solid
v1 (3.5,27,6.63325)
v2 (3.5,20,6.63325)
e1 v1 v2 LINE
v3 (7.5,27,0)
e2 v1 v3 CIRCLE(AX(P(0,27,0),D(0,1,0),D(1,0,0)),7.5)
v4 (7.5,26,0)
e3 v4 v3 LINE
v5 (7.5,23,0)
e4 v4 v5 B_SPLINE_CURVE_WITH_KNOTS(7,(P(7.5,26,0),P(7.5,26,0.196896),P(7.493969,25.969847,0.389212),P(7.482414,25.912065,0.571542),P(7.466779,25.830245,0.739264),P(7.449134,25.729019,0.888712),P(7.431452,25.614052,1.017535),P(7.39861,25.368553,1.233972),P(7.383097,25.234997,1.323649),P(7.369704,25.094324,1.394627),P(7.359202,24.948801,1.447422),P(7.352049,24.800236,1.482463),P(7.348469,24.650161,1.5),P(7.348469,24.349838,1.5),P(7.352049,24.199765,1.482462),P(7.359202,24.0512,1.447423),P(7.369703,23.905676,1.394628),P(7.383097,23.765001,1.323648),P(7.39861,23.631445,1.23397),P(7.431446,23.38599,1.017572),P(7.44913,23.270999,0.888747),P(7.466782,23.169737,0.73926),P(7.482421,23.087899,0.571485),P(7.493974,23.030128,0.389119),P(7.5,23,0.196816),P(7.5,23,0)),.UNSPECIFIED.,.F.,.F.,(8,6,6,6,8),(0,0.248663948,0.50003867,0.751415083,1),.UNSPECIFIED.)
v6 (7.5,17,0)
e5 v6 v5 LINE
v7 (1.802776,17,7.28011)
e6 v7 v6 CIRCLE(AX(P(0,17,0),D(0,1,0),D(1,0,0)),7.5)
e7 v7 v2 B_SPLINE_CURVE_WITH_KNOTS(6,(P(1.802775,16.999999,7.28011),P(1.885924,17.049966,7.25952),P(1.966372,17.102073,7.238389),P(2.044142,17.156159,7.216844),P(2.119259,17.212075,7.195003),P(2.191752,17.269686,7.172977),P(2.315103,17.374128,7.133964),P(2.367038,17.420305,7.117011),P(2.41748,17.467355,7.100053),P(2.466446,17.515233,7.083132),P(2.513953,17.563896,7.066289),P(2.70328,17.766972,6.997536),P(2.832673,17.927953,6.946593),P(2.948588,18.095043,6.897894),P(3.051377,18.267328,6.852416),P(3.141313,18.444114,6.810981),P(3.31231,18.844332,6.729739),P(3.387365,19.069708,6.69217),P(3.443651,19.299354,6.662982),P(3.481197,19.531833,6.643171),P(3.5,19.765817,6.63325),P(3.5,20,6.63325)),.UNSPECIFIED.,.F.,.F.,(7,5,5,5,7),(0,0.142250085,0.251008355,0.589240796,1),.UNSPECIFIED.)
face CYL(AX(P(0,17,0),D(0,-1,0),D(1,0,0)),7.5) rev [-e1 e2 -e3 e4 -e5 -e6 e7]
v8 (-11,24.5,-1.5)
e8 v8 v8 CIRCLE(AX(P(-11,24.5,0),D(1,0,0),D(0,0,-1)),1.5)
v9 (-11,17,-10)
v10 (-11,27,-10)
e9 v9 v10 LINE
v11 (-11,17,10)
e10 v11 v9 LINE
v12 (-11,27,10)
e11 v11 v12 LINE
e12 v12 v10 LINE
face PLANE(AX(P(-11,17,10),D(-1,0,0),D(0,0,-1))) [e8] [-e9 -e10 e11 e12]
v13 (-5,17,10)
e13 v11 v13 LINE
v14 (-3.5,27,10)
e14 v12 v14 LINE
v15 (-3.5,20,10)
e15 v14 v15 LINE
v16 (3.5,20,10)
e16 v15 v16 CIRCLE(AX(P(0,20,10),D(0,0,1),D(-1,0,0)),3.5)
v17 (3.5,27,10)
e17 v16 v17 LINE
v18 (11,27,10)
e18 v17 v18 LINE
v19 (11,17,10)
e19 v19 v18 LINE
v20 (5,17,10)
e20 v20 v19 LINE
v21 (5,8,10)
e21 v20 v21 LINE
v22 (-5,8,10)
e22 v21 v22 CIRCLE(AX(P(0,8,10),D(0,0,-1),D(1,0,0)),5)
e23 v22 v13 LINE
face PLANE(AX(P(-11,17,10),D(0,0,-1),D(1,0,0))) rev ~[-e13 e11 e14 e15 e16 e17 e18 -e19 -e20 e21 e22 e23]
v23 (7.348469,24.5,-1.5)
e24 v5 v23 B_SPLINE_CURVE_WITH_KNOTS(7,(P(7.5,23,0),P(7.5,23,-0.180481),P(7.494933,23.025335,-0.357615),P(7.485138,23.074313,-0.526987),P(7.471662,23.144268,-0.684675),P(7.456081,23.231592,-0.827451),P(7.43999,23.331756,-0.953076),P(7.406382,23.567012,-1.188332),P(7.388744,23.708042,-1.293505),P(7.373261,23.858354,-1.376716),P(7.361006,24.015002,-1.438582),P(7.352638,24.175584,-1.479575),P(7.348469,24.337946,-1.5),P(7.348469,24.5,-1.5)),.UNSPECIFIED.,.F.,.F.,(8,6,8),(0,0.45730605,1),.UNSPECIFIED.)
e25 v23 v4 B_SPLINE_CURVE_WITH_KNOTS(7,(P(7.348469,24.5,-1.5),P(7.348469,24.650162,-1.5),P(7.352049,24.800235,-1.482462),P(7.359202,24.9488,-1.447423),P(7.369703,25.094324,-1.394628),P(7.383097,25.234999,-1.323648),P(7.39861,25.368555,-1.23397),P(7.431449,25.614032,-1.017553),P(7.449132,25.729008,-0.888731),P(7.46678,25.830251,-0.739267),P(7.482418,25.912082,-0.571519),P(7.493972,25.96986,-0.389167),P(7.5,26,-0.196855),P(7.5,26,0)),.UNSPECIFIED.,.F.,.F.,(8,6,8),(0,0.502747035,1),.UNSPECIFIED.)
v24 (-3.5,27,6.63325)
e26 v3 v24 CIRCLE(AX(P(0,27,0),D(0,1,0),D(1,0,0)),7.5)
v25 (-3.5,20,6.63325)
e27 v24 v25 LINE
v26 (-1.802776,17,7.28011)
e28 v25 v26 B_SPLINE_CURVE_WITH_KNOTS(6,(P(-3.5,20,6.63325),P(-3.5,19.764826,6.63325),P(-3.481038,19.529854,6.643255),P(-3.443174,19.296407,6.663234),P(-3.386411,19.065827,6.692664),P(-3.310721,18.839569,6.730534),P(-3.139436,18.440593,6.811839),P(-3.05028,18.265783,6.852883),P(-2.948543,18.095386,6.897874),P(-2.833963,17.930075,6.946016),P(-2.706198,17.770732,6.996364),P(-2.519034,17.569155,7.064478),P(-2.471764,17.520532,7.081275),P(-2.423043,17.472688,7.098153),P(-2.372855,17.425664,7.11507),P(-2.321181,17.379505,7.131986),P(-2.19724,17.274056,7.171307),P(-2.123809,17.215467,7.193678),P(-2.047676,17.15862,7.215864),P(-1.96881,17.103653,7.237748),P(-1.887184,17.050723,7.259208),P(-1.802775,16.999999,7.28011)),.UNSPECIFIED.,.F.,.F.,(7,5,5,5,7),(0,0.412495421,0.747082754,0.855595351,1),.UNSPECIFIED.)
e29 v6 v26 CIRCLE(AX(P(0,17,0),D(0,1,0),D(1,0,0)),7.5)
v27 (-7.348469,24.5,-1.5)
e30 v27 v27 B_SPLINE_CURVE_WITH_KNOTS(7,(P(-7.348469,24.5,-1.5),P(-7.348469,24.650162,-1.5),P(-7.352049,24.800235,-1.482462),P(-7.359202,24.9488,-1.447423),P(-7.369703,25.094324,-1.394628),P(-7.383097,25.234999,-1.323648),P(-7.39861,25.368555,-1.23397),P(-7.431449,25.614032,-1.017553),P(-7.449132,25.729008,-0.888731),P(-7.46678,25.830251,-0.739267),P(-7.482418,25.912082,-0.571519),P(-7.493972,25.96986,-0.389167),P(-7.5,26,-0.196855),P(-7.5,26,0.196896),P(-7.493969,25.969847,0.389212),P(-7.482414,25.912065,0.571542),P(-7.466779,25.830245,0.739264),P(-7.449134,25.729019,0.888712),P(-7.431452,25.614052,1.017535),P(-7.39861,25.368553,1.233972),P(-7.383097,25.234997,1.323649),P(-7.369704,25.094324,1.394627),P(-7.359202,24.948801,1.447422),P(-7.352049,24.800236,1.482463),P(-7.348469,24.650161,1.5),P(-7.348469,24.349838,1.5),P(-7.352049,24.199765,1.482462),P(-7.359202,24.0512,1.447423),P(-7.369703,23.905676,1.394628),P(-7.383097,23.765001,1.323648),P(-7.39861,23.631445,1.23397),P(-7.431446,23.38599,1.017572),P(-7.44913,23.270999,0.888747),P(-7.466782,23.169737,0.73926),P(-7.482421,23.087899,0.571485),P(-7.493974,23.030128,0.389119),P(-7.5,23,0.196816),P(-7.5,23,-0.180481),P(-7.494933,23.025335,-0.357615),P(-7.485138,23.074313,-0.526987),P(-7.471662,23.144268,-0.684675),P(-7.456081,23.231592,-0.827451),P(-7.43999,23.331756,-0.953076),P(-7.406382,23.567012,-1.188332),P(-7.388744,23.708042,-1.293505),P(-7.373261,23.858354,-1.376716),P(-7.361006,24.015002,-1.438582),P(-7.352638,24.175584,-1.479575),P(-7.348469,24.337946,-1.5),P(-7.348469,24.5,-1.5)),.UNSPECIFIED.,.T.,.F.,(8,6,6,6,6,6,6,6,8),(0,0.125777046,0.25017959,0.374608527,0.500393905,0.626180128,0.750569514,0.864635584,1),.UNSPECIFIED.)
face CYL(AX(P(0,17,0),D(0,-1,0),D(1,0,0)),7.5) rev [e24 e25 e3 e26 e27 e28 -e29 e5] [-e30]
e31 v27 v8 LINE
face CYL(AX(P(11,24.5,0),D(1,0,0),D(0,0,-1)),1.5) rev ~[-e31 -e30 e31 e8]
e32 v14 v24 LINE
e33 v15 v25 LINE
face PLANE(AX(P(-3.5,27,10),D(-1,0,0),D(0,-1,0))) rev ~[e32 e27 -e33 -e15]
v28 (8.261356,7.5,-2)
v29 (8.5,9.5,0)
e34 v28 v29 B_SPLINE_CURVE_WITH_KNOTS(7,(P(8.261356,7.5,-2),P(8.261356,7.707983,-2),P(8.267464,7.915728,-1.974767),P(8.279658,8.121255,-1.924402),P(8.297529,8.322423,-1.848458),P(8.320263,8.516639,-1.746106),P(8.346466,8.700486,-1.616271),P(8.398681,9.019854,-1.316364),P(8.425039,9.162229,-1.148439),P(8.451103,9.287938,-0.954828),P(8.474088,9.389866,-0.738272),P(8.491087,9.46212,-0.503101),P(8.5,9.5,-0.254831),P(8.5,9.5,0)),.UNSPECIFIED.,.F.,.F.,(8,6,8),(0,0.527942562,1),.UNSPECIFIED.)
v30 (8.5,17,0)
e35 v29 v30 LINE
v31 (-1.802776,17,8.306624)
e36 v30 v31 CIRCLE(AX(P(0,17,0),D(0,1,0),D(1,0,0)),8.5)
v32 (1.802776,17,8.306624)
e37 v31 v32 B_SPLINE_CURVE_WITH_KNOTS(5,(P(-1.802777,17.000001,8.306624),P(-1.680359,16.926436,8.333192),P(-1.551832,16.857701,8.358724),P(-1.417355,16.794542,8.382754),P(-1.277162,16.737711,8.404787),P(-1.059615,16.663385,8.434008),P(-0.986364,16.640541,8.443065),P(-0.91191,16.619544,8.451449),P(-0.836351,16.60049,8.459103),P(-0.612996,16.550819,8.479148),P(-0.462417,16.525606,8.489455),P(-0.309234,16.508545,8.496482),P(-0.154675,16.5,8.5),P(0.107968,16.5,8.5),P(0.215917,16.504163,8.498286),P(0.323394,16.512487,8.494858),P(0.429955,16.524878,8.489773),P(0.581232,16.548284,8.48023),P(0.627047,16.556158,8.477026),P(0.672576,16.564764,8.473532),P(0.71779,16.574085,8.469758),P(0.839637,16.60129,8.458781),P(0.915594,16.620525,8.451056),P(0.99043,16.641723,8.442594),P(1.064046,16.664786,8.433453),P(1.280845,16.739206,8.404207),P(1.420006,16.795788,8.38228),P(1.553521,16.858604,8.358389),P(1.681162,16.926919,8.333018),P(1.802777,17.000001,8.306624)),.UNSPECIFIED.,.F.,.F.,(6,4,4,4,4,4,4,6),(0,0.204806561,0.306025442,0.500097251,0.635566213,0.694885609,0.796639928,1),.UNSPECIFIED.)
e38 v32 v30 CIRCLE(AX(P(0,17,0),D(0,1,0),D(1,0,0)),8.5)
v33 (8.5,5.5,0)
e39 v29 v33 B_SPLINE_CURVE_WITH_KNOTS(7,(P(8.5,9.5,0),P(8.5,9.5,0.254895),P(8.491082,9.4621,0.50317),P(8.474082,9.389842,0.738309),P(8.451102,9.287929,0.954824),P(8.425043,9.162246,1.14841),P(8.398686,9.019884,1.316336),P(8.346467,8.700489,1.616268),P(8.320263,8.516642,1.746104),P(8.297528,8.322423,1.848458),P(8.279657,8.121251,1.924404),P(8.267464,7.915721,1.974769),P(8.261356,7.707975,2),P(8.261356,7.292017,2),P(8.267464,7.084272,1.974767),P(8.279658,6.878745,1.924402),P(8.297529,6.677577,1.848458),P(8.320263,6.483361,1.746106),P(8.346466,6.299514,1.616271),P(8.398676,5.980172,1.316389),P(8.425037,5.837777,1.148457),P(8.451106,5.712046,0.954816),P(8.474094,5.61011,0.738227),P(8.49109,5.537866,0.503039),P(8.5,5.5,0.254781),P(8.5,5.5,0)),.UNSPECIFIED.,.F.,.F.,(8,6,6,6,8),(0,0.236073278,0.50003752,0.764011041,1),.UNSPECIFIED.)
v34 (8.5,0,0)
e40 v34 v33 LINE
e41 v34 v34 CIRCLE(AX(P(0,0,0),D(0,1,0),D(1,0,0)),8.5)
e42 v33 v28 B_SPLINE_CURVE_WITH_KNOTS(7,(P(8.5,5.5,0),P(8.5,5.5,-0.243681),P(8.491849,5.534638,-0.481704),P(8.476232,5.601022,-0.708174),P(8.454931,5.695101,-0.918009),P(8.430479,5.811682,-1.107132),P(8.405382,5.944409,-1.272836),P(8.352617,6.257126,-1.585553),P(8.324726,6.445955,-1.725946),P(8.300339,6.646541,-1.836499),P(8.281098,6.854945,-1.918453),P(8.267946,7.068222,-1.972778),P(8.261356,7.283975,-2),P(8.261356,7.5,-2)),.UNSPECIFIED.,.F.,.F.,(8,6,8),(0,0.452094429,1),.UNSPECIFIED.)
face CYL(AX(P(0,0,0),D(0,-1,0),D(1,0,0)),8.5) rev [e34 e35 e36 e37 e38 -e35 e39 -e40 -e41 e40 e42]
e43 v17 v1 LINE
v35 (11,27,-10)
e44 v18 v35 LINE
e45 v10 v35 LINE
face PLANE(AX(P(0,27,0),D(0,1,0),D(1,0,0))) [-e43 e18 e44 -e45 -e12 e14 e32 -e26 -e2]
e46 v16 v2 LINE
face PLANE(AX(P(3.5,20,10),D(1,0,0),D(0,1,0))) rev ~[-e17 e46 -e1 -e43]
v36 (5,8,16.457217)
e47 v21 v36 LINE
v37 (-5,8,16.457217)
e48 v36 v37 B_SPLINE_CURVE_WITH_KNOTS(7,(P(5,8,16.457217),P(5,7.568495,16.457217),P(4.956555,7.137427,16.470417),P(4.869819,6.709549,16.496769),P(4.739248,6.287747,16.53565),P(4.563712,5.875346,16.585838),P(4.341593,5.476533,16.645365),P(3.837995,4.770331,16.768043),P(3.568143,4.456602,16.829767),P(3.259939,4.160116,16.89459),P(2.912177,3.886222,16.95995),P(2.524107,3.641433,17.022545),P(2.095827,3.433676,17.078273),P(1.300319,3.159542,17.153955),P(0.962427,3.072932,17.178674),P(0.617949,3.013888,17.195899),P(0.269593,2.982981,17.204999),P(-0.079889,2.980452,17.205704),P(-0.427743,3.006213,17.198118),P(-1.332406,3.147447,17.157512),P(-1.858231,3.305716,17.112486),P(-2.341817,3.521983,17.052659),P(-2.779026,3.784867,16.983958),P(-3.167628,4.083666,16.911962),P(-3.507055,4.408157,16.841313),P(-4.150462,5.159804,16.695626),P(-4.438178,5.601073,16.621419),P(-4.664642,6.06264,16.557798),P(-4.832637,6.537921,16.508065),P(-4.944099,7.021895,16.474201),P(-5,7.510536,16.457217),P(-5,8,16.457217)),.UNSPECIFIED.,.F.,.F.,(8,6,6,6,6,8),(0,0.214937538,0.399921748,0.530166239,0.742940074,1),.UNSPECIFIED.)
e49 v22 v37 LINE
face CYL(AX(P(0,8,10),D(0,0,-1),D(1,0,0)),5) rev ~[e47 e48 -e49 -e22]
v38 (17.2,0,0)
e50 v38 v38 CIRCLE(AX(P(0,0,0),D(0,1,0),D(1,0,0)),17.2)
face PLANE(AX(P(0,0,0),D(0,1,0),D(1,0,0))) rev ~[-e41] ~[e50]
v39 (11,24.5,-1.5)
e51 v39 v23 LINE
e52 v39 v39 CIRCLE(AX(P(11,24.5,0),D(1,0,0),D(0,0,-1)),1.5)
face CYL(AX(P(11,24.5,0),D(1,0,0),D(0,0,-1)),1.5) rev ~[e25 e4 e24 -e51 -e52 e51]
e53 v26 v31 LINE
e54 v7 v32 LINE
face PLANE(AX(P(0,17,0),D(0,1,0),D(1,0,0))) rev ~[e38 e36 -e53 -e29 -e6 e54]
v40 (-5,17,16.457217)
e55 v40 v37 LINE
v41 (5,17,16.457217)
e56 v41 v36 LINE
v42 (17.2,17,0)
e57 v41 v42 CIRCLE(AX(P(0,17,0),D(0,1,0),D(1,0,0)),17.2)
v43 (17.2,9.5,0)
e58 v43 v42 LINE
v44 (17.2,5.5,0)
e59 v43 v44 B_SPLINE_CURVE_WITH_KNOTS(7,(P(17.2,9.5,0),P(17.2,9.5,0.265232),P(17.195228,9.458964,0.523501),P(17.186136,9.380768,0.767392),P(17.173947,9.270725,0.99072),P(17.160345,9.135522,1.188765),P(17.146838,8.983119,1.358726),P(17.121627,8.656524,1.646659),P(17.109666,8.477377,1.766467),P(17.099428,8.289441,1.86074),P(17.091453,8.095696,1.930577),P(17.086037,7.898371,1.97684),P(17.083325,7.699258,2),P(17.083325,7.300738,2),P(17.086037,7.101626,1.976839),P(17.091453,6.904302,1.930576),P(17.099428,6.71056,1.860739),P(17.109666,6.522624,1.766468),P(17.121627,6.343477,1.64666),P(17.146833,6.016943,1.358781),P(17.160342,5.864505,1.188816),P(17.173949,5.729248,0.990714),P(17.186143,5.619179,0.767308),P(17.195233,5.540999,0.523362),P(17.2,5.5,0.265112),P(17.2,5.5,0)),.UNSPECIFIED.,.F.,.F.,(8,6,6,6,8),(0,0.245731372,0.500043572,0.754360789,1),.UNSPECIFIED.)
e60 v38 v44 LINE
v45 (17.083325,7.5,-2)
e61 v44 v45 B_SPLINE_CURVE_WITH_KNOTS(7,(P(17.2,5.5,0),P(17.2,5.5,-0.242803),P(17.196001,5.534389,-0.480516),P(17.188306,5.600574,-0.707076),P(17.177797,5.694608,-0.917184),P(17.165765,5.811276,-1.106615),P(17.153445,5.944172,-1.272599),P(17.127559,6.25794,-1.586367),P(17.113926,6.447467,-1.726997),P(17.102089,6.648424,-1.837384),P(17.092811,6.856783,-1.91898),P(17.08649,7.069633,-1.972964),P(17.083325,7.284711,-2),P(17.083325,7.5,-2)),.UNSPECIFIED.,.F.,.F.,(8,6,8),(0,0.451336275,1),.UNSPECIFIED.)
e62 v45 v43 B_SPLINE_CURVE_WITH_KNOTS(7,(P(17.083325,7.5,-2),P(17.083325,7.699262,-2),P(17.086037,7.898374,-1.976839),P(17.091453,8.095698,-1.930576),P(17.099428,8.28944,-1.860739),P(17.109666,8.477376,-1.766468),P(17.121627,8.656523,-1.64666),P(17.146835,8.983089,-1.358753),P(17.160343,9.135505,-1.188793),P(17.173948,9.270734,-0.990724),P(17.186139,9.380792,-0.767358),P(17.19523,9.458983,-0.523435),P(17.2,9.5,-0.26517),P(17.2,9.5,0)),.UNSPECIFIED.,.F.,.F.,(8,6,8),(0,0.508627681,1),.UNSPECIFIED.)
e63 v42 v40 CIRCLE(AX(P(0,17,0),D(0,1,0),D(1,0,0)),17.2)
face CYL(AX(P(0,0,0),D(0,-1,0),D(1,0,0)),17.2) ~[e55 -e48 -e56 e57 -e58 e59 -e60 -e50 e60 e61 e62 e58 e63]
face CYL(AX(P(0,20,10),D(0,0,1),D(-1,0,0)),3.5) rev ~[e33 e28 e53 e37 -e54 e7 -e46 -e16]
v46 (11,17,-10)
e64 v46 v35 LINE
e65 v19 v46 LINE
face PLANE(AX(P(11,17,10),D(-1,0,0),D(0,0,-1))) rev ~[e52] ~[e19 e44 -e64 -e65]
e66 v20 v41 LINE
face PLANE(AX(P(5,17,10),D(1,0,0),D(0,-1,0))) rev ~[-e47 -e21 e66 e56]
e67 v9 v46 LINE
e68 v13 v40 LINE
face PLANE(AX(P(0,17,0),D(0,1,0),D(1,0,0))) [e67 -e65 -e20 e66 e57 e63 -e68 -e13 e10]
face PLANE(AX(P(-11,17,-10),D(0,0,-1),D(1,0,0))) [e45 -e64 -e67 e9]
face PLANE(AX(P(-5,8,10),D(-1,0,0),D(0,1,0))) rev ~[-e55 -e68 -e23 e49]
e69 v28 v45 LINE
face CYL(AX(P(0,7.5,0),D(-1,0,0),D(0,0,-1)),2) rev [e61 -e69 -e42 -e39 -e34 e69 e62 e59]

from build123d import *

# Parameters (mm, degrees)
SKETCH1_R           = 17.2
SKETCH1_R_2         = 8.5
BOSS_EXTRUDE1_DEPTH = 17
SKETCH2_W           = 22
SKETCH2_H           = 20
SKETCH2_R           = 7.5
BOSS_EXTRUDE2_DEPTH = 10
SKETCH3_R           = 1.5
CUT_EXTRUDE1_DEPTH  = 22
SKETCH4_R           = 2
CUT_EXTRUDE2_DEPTH  = 20
CUT_EXTRUDE3_DEPTH  = 20
CUT_EXTRUDE4_DEPTH  = 5


with BuildPart() as part:
    # Sketch1 → Boss-Extrude1 (new body)
    with BuildSketch(Plane(origin=(0, 0, 0), x_dir=(1, 0, 0), z_dir=(0, 1, 0))):
        Circle(SKETCH1_R)
        Circle(SKETCH1_R_2, mode=Mode.SUBTRACT)
    extrude(amount=BOSS_EXTRUDE1_DEPTH)

    # Sketch2 → Boss-Extrude2 (add)
    with BuildSketch(Plane(origin=(0, 17, 0), x_dir=(1, 0, 0), z_dir=(0, 1, 0))):
        Rectangle(SKETCH2_W, SKETCH2_H)
        Circle(SKETCH2_R, mode=Mode.SUBTRACT)
    extrude(amount=BOSS_EXTRUDE2_DEPTH)

    # Sketch3 → Cut-Extrude1 (cut)
    with BuildSketch(Plane(origin=(11, 0, 0), x_dir=(0, 0, -1), z_dir=(1, 0, 0))):
        with Locations((0, 24.5)):
            Circle(SKETCH3_R)
    extrude(amount=-CUT_EXTRUDE1_DEPTH, mode=Mode.SUBTRACT)

    # Sketch4 → Cut-Extrude2 (cut)
    with BuildSketch(Plane(origin=(0, 0, 0), x_dir=(0, 0, -1), z_dir=(1, 0, 0))):
        with Locations((0, 7.5)):
            Circle(SKETCH4_R)
    extrude(amount=CUT_EXTRUDE2_DEPTH, mode=Mode.SUBTRACT)

    # Sketch5 → Cut-Extrude3 (cut)
    with BuildSketch(Plane.XY.offset(10)):
        with BuildLine():
            Line((-5, 17), (5, 17))
            Line((5, 17), (5, 8))
            ThreePointArc((5, 8), (0, 3), (-5, 8))
            Line((-5, 8), (-5, 17))
        make_face()
    extrude(amount=CUT_EXTRUDE3_DEPTH, mode=Mode.SUBTRACT)

    # Sketch6 → Cut-Extrude4 (cut)
    with BuildSketch(Plane.XY.offset(10)):
        with BuildLine():
            Line((3.5, 27), (-3.5, 27))
            Line((-3.5, 27), (-3.5, 20))
            ThreePointArc((-3.5, 20), (0, 16.5), (3.5, 20))
            Line((3.5, 20), (3.5, 27))
        make_face()
    extrude(amount=-CUT_EXTRUDE4_DEPTH, mode=Mode.SUBTRACT)


solid = part.part
